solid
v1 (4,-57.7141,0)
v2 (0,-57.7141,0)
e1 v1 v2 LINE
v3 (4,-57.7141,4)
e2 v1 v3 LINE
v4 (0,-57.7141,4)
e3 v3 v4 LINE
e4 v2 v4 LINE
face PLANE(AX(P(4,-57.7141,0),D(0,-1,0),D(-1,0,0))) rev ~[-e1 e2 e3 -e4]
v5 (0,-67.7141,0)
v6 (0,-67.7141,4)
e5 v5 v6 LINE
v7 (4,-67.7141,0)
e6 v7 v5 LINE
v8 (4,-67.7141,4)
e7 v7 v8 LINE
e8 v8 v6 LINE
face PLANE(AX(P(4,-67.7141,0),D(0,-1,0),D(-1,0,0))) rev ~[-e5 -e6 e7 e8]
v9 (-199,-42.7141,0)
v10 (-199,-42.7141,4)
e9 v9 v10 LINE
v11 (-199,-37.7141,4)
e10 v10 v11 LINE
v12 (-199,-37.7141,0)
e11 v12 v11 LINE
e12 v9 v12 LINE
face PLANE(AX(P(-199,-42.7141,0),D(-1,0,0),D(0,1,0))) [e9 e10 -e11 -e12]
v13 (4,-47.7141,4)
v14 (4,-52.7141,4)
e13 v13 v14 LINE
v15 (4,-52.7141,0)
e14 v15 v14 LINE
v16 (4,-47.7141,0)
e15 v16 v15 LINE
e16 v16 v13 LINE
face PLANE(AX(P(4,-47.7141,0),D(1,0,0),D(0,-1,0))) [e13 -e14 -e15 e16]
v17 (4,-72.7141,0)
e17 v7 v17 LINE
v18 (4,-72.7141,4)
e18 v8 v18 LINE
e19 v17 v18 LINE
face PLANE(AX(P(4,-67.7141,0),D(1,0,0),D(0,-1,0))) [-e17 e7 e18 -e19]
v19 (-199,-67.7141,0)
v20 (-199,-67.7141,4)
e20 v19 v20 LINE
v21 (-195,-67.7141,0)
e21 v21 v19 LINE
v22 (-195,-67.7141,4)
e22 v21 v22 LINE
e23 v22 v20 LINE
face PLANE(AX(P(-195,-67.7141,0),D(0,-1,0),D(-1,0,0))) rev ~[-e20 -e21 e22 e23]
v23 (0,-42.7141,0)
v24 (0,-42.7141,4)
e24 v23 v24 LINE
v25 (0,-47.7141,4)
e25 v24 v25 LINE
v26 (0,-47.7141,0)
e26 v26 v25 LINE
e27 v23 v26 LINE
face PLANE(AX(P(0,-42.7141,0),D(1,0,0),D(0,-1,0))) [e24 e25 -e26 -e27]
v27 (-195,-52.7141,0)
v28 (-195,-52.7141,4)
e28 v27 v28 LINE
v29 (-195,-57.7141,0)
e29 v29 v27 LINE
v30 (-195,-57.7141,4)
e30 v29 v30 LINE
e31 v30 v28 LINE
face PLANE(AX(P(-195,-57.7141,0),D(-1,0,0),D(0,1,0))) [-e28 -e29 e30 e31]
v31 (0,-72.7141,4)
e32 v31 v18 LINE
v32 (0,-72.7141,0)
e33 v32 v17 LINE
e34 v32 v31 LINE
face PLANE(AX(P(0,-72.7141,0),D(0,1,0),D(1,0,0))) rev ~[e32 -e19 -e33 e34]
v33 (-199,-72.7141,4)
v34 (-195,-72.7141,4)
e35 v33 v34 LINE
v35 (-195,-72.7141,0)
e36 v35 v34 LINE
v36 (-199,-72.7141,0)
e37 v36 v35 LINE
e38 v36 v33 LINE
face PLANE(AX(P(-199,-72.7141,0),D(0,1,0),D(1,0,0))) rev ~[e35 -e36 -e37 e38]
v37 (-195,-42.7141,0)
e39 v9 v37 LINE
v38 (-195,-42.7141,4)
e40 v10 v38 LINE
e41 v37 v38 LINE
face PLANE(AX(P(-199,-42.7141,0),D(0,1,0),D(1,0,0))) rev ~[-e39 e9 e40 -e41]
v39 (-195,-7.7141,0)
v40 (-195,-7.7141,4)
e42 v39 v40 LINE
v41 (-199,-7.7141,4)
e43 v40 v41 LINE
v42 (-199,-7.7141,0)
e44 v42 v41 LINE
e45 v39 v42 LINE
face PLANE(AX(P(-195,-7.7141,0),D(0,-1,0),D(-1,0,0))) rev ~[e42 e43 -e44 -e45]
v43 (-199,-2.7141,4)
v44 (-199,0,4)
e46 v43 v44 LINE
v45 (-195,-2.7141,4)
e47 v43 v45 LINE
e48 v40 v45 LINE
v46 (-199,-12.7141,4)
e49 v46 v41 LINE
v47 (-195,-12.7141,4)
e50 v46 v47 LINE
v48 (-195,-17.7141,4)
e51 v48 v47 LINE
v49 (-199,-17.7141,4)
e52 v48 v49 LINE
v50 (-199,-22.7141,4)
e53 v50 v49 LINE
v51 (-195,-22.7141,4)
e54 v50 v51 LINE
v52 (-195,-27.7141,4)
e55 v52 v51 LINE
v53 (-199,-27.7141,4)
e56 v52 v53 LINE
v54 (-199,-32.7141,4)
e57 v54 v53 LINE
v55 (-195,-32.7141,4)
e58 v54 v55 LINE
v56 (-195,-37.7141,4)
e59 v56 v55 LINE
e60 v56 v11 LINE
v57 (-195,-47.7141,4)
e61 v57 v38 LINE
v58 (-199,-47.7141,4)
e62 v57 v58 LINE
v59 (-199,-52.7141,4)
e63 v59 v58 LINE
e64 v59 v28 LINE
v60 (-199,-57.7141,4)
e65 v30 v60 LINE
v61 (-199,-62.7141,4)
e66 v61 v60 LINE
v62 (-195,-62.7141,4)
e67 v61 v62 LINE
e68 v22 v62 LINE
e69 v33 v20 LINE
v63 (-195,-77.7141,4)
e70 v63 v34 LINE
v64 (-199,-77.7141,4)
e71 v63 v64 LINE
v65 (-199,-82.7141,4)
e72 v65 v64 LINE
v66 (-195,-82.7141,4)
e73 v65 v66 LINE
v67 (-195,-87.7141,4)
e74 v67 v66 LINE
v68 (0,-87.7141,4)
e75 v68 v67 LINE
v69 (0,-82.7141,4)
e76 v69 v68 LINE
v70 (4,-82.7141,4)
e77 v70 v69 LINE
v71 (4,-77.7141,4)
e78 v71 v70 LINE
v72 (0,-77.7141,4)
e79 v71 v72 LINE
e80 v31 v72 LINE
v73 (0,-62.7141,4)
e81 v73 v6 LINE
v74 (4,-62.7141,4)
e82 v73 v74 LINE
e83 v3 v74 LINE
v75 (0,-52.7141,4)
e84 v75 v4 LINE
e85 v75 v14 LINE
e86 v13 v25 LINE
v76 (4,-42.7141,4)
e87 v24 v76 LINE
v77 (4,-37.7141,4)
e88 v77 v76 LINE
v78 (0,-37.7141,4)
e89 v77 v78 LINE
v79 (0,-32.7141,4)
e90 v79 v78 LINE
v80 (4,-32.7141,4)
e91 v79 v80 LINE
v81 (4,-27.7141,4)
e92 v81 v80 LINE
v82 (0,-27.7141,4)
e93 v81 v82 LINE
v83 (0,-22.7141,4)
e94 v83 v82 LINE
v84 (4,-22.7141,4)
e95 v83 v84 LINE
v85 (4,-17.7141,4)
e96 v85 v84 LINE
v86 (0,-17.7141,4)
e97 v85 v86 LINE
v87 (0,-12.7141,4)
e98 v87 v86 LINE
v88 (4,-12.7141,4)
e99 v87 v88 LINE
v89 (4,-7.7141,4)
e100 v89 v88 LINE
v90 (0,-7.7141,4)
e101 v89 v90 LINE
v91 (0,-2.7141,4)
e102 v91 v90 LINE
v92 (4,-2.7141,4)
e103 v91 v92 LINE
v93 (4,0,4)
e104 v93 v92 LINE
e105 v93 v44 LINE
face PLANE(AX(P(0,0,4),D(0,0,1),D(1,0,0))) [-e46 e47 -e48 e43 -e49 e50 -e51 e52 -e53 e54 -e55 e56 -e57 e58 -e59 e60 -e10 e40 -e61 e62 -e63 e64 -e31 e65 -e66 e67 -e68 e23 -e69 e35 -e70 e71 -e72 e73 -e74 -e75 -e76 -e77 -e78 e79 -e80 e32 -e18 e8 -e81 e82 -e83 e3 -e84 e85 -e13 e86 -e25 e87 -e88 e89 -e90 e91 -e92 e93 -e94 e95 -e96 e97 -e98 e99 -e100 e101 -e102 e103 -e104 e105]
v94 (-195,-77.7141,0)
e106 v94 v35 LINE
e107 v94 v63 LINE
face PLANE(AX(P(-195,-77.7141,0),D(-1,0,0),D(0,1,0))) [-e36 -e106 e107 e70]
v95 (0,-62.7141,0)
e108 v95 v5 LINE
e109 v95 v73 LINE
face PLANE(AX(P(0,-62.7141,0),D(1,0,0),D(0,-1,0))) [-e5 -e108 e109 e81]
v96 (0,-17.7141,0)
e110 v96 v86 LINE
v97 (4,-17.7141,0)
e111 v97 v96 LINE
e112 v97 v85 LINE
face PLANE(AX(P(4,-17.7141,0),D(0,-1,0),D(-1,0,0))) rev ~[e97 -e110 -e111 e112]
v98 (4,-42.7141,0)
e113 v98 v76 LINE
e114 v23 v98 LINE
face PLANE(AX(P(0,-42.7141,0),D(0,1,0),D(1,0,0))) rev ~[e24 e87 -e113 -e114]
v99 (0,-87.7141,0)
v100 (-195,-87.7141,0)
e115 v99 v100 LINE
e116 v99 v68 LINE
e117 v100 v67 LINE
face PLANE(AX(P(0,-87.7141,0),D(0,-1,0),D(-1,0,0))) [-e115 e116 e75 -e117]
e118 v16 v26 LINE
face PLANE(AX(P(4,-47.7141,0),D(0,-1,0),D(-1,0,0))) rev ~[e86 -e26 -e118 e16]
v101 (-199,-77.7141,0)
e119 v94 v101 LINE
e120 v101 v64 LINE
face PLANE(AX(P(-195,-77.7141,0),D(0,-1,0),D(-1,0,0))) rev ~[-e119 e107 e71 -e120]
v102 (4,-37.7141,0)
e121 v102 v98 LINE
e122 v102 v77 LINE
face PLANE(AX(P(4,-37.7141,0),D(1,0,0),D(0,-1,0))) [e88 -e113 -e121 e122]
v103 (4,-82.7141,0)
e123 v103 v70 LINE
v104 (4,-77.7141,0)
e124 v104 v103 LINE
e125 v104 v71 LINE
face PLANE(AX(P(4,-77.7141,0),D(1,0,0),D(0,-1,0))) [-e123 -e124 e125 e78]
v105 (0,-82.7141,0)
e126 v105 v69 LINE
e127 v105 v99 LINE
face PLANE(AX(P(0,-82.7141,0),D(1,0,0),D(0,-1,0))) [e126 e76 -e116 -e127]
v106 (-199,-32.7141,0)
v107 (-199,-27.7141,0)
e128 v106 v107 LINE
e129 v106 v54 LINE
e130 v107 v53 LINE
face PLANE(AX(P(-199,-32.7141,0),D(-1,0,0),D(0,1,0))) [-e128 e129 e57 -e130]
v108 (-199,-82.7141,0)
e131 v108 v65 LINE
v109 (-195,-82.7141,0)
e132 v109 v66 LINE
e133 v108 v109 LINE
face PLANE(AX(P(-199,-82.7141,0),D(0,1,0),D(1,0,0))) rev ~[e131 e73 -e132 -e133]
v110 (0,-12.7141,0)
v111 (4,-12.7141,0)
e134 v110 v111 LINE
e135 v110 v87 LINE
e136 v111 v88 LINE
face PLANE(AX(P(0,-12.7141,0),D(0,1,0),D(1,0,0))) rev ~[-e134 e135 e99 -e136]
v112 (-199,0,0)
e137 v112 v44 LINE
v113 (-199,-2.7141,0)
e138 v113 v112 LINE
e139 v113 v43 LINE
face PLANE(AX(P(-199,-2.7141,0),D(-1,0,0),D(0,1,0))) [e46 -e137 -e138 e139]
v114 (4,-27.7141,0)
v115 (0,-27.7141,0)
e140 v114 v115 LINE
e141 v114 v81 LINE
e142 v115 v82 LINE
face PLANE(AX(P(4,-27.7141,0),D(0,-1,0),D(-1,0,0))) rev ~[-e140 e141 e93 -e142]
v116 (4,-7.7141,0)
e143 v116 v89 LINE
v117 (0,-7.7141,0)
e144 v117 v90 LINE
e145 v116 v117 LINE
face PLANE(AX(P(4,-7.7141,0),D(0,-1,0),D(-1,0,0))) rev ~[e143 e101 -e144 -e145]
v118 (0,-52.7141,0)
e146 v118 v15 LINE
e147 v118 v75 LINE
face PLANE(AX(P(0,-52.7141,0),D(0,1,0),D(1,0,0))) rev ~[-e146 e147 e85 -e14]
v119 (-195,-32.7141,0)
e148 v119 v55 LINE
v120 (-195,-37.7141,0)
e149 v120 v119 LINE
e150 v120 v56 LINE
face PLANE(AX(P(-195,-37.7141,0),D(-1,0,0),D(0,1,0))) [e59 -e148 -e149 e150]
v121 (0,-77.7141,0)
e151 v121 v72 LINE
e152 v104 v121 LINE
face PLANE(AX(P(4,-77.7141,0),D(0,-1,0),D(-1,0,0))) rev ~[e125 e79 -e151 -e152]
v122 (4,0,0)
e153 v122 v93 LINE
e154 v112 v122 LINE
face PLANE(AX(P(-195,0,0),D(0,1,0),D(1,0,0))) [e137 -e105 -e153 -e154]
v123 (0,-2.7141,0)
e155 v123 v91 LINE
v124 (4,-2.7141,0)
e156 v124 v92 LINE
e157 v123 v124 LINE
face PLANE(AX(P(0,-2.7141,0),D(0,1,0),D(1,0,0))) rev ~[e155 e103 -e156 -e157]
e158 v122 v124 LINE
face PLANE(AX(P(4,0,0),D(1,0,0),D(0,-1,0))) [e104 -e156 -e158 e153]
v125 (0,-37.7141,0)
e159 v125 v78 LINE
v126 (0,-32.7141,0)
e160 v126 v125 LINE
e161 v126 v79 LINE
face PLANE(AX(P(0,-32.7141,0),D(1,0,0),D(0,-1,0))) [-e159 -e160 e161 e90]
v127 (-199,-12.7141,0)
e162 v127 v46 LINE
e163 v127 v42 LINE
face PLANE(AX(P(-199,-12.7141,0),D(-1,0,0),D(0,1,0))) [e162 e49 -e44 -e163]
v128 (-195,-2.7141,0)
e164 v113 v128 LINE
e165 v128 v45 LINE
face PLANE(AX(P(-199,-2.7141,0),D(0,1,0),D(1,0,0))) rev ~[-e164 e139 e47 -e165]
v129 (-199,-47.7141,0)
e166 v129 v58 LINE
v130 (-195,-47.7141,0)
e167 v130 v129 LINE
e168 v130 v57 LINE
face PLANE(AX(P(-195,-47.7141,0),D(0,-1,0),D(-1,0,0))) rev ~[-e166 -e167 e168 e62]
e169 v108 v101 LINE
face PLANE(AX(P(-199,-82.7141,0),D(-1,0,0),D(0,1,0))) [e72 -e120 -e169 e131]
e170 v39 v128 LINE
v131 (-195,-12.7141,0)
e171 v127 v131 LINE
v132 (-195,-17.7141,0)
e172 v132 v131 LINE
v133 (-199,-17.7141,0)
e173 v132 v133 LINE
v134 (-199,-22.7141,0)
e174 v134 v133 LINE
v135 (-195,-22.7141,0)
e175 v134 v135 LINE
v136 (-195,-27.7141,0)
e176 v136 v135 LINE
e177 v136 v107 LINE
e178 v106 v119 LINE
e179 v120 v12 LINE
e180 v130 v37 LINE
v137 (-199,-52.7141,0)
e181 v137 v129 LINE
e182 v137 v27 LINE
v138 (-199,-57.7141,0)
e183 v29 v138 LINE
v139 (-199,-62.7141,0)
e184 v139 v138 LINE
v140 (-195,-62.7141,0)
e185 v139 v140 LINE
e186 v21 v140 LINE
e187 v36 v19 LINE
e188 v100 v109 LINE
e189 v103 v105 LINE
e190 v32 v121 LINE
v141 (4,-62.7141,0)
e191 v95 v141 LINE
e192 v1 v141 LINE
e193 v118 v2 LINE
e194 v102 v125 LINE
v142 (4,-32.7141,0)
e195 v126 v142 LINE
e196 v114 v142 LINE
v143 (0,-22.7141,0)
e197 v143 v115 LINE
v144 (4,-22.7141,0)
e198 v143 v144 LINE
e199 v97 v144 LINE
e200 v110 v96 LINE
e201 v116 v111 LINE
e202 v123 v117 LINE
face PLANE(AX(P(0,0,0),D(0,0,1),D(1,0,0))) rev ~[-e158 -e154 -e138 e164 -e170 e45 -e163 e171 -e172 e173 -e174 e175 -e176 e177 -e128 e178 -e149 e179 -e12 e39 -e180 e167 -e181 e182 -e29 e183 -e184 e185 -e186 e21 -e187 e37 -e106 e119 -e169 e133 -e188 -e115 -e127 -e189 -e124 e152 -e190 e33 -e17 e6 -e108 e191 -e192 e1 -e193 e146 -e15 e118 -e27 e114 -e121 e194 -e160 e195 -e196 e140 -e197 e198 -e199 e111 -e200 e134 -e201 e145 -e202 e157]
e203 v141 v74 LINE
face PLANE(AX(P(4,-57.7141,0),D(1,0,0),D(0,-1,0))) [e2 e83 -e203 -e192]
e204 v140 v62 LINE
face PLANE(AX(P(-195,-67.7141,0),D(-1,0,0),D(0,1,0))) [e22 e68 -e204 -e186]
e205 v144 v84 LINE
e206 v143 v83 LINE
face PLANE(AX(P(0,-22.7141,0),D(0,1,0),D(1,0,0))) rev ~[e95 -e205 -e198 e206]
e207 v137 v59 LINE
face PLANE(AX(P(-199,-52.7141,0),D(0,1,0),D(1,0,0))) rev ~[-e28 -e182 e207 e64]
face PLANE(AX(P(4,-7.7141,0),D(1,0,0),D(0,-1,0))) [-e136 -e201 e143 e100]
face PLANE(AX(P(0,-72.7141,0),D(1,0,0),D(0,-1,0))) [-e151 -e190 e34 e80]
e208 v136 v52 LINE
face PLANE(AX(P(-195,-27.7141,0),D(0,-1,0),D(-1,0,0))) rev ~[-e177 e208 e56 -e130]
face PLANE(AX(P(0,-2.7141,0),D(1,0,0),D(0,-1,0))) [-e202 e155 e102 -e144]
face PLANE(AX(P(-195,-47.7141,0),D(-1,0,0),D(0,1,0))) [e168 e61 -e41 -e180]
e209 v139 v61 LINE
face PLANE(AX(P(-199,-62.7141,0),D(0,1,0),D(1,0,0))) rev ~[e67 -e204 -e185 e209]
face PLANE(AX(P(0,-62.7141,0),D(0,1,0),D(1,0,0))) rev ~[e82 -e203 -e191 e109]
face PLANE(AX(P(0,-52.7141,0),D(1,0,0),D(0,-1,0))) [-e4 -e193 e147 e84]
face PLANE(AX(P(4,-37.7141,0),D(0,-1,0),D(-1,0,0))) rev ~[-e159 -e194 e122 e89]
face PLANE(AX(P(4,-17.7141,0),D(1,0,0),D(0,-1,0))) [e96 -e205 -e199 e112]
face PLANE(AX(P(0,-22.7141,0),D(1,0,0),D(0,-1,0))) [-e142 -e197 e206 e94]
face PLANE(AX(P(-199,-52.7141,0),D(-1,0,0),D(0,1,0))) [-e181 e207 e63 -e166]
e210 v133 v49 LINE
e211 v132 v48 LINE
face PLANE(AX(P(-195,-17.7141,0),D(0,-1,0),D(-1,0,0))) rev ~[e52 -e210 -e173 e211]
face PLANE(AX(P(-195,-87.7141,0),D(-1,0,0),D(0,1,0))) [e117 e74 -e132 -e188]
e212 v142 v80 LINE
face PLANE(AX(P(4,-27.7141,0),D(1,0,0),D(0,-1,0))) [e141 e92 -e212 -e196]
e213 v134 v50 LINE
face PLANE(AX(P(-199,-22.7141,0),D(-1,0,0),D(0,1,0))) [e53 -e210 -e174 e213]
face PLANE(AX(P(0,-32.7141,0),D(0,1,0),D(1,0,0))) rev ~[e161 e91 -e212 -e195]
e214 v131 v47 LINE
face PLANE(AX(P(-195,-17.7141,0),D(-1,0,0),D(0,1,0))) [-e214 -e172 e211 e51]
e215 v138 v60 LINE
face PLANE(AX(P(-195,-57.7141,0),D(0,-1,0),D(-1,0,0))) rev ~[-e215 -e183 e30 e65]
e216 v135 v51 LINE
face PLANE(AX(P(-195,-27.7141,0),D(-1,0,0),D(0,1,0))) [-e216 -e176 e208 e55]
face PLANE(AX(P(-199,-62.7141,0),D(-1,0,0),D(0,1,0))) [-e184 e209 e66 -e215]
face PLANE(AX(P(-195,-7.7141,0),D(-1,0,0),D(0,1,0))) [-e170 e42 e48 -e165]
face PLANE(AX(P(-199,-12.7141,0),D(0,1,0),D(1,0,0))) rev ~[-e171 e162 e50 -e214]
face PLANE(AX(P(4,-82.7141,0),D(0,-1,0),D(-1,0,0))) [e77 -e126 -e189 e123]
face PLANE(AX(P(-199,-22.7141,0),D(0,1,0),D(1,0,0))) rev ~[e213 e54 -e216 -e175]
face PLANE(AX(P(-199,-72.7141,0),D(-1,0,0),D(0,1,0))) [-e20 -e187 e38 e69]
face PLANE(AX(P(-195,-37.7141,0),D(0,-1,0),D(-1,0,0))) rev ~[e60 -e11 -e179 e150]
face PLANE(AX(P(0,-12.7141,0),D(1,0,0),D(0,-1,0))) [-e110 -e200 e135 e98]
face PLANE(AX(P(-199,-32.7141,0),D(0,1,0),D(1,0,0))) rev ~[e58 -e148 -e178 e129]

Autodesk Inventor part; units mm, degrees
ref_plane "YZ Plane" through (0, 0, 0) normal (1, 0, 0) x (0, 1, 0)
ref_plane "XZ Plane" through (0, 0, 0) normal (0, 1, 0) x (-1, 0, 0)
ref_plane "XY Plane" through (0, 0, 0) normal (0, 0, 1) x (1, 0, 0)
sketch "Эскиз1" plane through (0, 0, 0) normal (0, 0, 1) x (1, 0, 0)
  line L0 (0, -87.7141) -> (4, -87.7141) projected
  line L1 (4, -87.7141) -> (4, -82.7141) projected
  line L2 (4, -82.7141) -> (0, -82.7141) projected
  line L3 (0, -82.7141) -> (0, -87.7141) projected
  line L4 (4, -77.7141) -> (0, -77.7141) projected
  line L5 (0, -82.7141) -> (0, -77.7141) projected
  line L6 (0, -82.7141) -> (4, -82.7141) projected
  line L7 (4, -77.7141) -> (4, -82.7141) projected
  line L8 (4, -67.7141) -> (0, -67.7141) projected
  line L9 (0, -72.7141) -> (0, -67.7141) projected
  line L10 (0, -72.7141) -> (4, -72.7141) projected
  line L11 (4, -67.7141) -> (4, -72.7141) projected
  line L12 (4, -57.7141) -> (0, -57.7141) projected
  line L13 (0, -62.7141) -> (0, -57.7141) projected
  line L14 (0, -62.7141) -> (4, -62.7141) projected
  line L15 (4, -57.7141) -> (4, -62.7141) projected
  line L16 (4, -47.7141) -> (0, -47.7141) projected
  line L17 (0, -52.7141) -> (0, -47.7141) projected
  line L18 (0, -52.7141) -> (4, -52.7141) projected
  line L19 (4, -47.7141) -> (4, -52.7141) projected
  line L20 (4, -37.7141) -> (0, -37.7141) projected
  line L21 (0, -42.7141) -> (0, -37.7141) projected
  line L22 (0, -42.7141) -> (4, -42.7141) projected
  line L23 (4, -37.7141) -> (4, -42.7141) projected
  line L24 (4, -27.7141) -> (0, -27.7141) projected
  line L25 (0, -32.7141) -> (0, -27.7141) projected
  line L26 (0, -32.7141) -> (4, -32.7141) projected
  line L27 (4, -27.7141) -> (4, -32.7141) projected
  line L28 (4, -17.7141) -> (0, -17.7141) projected
  line L29 (0, -22.7141) -> (0, -17.7141) projected
  line L30 (0, -22.7141) -> (4, -22.7141) projected
  line L31 (4, -17.7141) -> (4, -22.7141) projected
  line L32 (4, -7.7141) -> (0, -7.7141) projected
  line L33 (0, -12.7141) -> (0, -7.7141) projected
  line L34 (0, -12.7141) -> (4, -12.7141) projected
  line L35 (4, -7.7141) -> (4, -12.7141) projected
  line L36 (0, -2.7141) -> (4, -2.7141) projected
  line L37 (4, 0) -> (4, -2.7141) projected
  line L38 (0, 0) -> (4, 0) projected
  line L39 (0, -2.7141) -> (0, 0) projected
  line L40 (-199, -2.7141) -> (-195, -2.7141) projected
  line L41 (-195, 0) -> (-195, -2.7141) projected
  line L42 (-199, 0) -> (-195, 0) projected
  line L43 (-199, -2.7141) -> (-199, 0) projected
  line L44 (-195, -7.7141) -> (-199, -7.7141) projected
  line L45 (-199, -12.7141) -> (-199, -7.7141) projected
  line L46 (-199, -12.7141) -> (-195, -12.7141) projected
  line L47 (-195, -7.7141) -> (-195, -12.7141) projected
  line L48 (-195, -17.7141) -> (-199, -17.7141) projected
  line L49 (-199, -22.7141) -> (-199, -17.7141) projected
  line L50 (-199, -22.7141) -> (-195, -22.7141) projected
  line L51 (-195, -17.7141) -> (-195, -22.7141) projected
  line L52 (-195, -27.7141) -> (-199, -27.7141) projected
  line L53 (-199, -32.7141) -> (-199, -27.7141) projected
  line L54 (-199, -32.7141) -> (-195, -32.7141) projected
  line L55 (-195, -27.7141) -> (-195, -32.7141) projected
  line L56 (-195, -77.7141) -> (-199, -77.7141) projected
  line L57 (-199, -82.7141) -> (-199, -77.7141) projected
  line L58 (-199, -82.7141) -> (-195, -82.7141) projected
  line L59 (-195, -77.7141) -> (-195, -82.7141) projected
  line L60 (-195, -67.7141) -> (-199, -67.7141) projected
  line L61 (-199, -72.7141) -> (-199, -67.7141) projected
  line L62 (-199, -72.7141) -> (-195, -72.7141) projected
  line L63 (-195, -67.7141) -> (-195, -72.7141) projected
  line L64 (-195, -57.7141) -> (-199, -57.7141) projected
  line L65 (-199, -62.7141) -> (-199, -57.7141) projected
  line L66 (-199, -62.7141) -> (-195, -62.7141) projected
  line L67 (-195, -57.7141) -> (-195, -62.7141) projected
  line L68 (-199, -52.7141) -> (-199, -47.7141) projected
  line L69 (-195, -47.7141) -> (-199, -47.7141) projected
  line L70 (-199, -52.7141) -> (-199, -47.7141) projected
  line L71 (-199, -52.7141) -> (-195, -52.7141) projected
  line L72 (-195, -47.7141) -> (-195, -52.7141) projected
  line L73 (-195, -37.7141) -> (-199, -37.7141) projected
  line L74 (-199, -42.7141) -> (-199, -37.7141) projected
  line L75 (-199, -42.7141) -> (-195, -42.7141) projected
  line L76 (-195, -37.7141) -> (-195, -42.7141) projected
  line L77 (-195, -82.7141) -> (-199, -82.7141) projected
  line L78 (-199, -82.7141) -> (-199, -87.7141) projected
  line L79 (-199, -87.7141) -> (-195, -87.7141) projected
  line L80 (-195, -87.7141) -> (-195, -82.7141) projected
  line L81 (-195, 0) -> (0, 0)
  line L82 (0, 0) -> (0, -87.7141)
  line L83 (0, -87.7141) -> (-195, -87.7141)
  line L84 (-195, -87.7141) -> (-195, 0)
extrude "Выдавливание1" add sketch "Эскиз1" along normal blind 4 contours L83 L80 L59 L84 L63 L67 L72 L76 L55 L51 L47 L41 L81 L39 L82 L33 L29 L25 L21 L17 L13 L9 L5 L3 | L5 L4 L7 L2 | L58 L57 L56 L59 | L9 L8 L11 L10 | L62 L61 L60 L63 | L13 L12 L15 L14 | L66 L65 L64 L67 | L17 L16 L19 L18 | L71 L68 L69 L72 | L21 L20 L23 L22 | L75 L74 L73 L76 | L25 L24 L27 L26 | L54 L53 L52 L55 | L29 L28 L31 L30 | L50 L49 L48 L51 | L33 L32 L35 L34 | L46 L45 L44 L47 | L39 L38 L37 L36 | L40 L43 L42 L41
properties part number "KB33-046-004-017 - Крышка наклонная"
